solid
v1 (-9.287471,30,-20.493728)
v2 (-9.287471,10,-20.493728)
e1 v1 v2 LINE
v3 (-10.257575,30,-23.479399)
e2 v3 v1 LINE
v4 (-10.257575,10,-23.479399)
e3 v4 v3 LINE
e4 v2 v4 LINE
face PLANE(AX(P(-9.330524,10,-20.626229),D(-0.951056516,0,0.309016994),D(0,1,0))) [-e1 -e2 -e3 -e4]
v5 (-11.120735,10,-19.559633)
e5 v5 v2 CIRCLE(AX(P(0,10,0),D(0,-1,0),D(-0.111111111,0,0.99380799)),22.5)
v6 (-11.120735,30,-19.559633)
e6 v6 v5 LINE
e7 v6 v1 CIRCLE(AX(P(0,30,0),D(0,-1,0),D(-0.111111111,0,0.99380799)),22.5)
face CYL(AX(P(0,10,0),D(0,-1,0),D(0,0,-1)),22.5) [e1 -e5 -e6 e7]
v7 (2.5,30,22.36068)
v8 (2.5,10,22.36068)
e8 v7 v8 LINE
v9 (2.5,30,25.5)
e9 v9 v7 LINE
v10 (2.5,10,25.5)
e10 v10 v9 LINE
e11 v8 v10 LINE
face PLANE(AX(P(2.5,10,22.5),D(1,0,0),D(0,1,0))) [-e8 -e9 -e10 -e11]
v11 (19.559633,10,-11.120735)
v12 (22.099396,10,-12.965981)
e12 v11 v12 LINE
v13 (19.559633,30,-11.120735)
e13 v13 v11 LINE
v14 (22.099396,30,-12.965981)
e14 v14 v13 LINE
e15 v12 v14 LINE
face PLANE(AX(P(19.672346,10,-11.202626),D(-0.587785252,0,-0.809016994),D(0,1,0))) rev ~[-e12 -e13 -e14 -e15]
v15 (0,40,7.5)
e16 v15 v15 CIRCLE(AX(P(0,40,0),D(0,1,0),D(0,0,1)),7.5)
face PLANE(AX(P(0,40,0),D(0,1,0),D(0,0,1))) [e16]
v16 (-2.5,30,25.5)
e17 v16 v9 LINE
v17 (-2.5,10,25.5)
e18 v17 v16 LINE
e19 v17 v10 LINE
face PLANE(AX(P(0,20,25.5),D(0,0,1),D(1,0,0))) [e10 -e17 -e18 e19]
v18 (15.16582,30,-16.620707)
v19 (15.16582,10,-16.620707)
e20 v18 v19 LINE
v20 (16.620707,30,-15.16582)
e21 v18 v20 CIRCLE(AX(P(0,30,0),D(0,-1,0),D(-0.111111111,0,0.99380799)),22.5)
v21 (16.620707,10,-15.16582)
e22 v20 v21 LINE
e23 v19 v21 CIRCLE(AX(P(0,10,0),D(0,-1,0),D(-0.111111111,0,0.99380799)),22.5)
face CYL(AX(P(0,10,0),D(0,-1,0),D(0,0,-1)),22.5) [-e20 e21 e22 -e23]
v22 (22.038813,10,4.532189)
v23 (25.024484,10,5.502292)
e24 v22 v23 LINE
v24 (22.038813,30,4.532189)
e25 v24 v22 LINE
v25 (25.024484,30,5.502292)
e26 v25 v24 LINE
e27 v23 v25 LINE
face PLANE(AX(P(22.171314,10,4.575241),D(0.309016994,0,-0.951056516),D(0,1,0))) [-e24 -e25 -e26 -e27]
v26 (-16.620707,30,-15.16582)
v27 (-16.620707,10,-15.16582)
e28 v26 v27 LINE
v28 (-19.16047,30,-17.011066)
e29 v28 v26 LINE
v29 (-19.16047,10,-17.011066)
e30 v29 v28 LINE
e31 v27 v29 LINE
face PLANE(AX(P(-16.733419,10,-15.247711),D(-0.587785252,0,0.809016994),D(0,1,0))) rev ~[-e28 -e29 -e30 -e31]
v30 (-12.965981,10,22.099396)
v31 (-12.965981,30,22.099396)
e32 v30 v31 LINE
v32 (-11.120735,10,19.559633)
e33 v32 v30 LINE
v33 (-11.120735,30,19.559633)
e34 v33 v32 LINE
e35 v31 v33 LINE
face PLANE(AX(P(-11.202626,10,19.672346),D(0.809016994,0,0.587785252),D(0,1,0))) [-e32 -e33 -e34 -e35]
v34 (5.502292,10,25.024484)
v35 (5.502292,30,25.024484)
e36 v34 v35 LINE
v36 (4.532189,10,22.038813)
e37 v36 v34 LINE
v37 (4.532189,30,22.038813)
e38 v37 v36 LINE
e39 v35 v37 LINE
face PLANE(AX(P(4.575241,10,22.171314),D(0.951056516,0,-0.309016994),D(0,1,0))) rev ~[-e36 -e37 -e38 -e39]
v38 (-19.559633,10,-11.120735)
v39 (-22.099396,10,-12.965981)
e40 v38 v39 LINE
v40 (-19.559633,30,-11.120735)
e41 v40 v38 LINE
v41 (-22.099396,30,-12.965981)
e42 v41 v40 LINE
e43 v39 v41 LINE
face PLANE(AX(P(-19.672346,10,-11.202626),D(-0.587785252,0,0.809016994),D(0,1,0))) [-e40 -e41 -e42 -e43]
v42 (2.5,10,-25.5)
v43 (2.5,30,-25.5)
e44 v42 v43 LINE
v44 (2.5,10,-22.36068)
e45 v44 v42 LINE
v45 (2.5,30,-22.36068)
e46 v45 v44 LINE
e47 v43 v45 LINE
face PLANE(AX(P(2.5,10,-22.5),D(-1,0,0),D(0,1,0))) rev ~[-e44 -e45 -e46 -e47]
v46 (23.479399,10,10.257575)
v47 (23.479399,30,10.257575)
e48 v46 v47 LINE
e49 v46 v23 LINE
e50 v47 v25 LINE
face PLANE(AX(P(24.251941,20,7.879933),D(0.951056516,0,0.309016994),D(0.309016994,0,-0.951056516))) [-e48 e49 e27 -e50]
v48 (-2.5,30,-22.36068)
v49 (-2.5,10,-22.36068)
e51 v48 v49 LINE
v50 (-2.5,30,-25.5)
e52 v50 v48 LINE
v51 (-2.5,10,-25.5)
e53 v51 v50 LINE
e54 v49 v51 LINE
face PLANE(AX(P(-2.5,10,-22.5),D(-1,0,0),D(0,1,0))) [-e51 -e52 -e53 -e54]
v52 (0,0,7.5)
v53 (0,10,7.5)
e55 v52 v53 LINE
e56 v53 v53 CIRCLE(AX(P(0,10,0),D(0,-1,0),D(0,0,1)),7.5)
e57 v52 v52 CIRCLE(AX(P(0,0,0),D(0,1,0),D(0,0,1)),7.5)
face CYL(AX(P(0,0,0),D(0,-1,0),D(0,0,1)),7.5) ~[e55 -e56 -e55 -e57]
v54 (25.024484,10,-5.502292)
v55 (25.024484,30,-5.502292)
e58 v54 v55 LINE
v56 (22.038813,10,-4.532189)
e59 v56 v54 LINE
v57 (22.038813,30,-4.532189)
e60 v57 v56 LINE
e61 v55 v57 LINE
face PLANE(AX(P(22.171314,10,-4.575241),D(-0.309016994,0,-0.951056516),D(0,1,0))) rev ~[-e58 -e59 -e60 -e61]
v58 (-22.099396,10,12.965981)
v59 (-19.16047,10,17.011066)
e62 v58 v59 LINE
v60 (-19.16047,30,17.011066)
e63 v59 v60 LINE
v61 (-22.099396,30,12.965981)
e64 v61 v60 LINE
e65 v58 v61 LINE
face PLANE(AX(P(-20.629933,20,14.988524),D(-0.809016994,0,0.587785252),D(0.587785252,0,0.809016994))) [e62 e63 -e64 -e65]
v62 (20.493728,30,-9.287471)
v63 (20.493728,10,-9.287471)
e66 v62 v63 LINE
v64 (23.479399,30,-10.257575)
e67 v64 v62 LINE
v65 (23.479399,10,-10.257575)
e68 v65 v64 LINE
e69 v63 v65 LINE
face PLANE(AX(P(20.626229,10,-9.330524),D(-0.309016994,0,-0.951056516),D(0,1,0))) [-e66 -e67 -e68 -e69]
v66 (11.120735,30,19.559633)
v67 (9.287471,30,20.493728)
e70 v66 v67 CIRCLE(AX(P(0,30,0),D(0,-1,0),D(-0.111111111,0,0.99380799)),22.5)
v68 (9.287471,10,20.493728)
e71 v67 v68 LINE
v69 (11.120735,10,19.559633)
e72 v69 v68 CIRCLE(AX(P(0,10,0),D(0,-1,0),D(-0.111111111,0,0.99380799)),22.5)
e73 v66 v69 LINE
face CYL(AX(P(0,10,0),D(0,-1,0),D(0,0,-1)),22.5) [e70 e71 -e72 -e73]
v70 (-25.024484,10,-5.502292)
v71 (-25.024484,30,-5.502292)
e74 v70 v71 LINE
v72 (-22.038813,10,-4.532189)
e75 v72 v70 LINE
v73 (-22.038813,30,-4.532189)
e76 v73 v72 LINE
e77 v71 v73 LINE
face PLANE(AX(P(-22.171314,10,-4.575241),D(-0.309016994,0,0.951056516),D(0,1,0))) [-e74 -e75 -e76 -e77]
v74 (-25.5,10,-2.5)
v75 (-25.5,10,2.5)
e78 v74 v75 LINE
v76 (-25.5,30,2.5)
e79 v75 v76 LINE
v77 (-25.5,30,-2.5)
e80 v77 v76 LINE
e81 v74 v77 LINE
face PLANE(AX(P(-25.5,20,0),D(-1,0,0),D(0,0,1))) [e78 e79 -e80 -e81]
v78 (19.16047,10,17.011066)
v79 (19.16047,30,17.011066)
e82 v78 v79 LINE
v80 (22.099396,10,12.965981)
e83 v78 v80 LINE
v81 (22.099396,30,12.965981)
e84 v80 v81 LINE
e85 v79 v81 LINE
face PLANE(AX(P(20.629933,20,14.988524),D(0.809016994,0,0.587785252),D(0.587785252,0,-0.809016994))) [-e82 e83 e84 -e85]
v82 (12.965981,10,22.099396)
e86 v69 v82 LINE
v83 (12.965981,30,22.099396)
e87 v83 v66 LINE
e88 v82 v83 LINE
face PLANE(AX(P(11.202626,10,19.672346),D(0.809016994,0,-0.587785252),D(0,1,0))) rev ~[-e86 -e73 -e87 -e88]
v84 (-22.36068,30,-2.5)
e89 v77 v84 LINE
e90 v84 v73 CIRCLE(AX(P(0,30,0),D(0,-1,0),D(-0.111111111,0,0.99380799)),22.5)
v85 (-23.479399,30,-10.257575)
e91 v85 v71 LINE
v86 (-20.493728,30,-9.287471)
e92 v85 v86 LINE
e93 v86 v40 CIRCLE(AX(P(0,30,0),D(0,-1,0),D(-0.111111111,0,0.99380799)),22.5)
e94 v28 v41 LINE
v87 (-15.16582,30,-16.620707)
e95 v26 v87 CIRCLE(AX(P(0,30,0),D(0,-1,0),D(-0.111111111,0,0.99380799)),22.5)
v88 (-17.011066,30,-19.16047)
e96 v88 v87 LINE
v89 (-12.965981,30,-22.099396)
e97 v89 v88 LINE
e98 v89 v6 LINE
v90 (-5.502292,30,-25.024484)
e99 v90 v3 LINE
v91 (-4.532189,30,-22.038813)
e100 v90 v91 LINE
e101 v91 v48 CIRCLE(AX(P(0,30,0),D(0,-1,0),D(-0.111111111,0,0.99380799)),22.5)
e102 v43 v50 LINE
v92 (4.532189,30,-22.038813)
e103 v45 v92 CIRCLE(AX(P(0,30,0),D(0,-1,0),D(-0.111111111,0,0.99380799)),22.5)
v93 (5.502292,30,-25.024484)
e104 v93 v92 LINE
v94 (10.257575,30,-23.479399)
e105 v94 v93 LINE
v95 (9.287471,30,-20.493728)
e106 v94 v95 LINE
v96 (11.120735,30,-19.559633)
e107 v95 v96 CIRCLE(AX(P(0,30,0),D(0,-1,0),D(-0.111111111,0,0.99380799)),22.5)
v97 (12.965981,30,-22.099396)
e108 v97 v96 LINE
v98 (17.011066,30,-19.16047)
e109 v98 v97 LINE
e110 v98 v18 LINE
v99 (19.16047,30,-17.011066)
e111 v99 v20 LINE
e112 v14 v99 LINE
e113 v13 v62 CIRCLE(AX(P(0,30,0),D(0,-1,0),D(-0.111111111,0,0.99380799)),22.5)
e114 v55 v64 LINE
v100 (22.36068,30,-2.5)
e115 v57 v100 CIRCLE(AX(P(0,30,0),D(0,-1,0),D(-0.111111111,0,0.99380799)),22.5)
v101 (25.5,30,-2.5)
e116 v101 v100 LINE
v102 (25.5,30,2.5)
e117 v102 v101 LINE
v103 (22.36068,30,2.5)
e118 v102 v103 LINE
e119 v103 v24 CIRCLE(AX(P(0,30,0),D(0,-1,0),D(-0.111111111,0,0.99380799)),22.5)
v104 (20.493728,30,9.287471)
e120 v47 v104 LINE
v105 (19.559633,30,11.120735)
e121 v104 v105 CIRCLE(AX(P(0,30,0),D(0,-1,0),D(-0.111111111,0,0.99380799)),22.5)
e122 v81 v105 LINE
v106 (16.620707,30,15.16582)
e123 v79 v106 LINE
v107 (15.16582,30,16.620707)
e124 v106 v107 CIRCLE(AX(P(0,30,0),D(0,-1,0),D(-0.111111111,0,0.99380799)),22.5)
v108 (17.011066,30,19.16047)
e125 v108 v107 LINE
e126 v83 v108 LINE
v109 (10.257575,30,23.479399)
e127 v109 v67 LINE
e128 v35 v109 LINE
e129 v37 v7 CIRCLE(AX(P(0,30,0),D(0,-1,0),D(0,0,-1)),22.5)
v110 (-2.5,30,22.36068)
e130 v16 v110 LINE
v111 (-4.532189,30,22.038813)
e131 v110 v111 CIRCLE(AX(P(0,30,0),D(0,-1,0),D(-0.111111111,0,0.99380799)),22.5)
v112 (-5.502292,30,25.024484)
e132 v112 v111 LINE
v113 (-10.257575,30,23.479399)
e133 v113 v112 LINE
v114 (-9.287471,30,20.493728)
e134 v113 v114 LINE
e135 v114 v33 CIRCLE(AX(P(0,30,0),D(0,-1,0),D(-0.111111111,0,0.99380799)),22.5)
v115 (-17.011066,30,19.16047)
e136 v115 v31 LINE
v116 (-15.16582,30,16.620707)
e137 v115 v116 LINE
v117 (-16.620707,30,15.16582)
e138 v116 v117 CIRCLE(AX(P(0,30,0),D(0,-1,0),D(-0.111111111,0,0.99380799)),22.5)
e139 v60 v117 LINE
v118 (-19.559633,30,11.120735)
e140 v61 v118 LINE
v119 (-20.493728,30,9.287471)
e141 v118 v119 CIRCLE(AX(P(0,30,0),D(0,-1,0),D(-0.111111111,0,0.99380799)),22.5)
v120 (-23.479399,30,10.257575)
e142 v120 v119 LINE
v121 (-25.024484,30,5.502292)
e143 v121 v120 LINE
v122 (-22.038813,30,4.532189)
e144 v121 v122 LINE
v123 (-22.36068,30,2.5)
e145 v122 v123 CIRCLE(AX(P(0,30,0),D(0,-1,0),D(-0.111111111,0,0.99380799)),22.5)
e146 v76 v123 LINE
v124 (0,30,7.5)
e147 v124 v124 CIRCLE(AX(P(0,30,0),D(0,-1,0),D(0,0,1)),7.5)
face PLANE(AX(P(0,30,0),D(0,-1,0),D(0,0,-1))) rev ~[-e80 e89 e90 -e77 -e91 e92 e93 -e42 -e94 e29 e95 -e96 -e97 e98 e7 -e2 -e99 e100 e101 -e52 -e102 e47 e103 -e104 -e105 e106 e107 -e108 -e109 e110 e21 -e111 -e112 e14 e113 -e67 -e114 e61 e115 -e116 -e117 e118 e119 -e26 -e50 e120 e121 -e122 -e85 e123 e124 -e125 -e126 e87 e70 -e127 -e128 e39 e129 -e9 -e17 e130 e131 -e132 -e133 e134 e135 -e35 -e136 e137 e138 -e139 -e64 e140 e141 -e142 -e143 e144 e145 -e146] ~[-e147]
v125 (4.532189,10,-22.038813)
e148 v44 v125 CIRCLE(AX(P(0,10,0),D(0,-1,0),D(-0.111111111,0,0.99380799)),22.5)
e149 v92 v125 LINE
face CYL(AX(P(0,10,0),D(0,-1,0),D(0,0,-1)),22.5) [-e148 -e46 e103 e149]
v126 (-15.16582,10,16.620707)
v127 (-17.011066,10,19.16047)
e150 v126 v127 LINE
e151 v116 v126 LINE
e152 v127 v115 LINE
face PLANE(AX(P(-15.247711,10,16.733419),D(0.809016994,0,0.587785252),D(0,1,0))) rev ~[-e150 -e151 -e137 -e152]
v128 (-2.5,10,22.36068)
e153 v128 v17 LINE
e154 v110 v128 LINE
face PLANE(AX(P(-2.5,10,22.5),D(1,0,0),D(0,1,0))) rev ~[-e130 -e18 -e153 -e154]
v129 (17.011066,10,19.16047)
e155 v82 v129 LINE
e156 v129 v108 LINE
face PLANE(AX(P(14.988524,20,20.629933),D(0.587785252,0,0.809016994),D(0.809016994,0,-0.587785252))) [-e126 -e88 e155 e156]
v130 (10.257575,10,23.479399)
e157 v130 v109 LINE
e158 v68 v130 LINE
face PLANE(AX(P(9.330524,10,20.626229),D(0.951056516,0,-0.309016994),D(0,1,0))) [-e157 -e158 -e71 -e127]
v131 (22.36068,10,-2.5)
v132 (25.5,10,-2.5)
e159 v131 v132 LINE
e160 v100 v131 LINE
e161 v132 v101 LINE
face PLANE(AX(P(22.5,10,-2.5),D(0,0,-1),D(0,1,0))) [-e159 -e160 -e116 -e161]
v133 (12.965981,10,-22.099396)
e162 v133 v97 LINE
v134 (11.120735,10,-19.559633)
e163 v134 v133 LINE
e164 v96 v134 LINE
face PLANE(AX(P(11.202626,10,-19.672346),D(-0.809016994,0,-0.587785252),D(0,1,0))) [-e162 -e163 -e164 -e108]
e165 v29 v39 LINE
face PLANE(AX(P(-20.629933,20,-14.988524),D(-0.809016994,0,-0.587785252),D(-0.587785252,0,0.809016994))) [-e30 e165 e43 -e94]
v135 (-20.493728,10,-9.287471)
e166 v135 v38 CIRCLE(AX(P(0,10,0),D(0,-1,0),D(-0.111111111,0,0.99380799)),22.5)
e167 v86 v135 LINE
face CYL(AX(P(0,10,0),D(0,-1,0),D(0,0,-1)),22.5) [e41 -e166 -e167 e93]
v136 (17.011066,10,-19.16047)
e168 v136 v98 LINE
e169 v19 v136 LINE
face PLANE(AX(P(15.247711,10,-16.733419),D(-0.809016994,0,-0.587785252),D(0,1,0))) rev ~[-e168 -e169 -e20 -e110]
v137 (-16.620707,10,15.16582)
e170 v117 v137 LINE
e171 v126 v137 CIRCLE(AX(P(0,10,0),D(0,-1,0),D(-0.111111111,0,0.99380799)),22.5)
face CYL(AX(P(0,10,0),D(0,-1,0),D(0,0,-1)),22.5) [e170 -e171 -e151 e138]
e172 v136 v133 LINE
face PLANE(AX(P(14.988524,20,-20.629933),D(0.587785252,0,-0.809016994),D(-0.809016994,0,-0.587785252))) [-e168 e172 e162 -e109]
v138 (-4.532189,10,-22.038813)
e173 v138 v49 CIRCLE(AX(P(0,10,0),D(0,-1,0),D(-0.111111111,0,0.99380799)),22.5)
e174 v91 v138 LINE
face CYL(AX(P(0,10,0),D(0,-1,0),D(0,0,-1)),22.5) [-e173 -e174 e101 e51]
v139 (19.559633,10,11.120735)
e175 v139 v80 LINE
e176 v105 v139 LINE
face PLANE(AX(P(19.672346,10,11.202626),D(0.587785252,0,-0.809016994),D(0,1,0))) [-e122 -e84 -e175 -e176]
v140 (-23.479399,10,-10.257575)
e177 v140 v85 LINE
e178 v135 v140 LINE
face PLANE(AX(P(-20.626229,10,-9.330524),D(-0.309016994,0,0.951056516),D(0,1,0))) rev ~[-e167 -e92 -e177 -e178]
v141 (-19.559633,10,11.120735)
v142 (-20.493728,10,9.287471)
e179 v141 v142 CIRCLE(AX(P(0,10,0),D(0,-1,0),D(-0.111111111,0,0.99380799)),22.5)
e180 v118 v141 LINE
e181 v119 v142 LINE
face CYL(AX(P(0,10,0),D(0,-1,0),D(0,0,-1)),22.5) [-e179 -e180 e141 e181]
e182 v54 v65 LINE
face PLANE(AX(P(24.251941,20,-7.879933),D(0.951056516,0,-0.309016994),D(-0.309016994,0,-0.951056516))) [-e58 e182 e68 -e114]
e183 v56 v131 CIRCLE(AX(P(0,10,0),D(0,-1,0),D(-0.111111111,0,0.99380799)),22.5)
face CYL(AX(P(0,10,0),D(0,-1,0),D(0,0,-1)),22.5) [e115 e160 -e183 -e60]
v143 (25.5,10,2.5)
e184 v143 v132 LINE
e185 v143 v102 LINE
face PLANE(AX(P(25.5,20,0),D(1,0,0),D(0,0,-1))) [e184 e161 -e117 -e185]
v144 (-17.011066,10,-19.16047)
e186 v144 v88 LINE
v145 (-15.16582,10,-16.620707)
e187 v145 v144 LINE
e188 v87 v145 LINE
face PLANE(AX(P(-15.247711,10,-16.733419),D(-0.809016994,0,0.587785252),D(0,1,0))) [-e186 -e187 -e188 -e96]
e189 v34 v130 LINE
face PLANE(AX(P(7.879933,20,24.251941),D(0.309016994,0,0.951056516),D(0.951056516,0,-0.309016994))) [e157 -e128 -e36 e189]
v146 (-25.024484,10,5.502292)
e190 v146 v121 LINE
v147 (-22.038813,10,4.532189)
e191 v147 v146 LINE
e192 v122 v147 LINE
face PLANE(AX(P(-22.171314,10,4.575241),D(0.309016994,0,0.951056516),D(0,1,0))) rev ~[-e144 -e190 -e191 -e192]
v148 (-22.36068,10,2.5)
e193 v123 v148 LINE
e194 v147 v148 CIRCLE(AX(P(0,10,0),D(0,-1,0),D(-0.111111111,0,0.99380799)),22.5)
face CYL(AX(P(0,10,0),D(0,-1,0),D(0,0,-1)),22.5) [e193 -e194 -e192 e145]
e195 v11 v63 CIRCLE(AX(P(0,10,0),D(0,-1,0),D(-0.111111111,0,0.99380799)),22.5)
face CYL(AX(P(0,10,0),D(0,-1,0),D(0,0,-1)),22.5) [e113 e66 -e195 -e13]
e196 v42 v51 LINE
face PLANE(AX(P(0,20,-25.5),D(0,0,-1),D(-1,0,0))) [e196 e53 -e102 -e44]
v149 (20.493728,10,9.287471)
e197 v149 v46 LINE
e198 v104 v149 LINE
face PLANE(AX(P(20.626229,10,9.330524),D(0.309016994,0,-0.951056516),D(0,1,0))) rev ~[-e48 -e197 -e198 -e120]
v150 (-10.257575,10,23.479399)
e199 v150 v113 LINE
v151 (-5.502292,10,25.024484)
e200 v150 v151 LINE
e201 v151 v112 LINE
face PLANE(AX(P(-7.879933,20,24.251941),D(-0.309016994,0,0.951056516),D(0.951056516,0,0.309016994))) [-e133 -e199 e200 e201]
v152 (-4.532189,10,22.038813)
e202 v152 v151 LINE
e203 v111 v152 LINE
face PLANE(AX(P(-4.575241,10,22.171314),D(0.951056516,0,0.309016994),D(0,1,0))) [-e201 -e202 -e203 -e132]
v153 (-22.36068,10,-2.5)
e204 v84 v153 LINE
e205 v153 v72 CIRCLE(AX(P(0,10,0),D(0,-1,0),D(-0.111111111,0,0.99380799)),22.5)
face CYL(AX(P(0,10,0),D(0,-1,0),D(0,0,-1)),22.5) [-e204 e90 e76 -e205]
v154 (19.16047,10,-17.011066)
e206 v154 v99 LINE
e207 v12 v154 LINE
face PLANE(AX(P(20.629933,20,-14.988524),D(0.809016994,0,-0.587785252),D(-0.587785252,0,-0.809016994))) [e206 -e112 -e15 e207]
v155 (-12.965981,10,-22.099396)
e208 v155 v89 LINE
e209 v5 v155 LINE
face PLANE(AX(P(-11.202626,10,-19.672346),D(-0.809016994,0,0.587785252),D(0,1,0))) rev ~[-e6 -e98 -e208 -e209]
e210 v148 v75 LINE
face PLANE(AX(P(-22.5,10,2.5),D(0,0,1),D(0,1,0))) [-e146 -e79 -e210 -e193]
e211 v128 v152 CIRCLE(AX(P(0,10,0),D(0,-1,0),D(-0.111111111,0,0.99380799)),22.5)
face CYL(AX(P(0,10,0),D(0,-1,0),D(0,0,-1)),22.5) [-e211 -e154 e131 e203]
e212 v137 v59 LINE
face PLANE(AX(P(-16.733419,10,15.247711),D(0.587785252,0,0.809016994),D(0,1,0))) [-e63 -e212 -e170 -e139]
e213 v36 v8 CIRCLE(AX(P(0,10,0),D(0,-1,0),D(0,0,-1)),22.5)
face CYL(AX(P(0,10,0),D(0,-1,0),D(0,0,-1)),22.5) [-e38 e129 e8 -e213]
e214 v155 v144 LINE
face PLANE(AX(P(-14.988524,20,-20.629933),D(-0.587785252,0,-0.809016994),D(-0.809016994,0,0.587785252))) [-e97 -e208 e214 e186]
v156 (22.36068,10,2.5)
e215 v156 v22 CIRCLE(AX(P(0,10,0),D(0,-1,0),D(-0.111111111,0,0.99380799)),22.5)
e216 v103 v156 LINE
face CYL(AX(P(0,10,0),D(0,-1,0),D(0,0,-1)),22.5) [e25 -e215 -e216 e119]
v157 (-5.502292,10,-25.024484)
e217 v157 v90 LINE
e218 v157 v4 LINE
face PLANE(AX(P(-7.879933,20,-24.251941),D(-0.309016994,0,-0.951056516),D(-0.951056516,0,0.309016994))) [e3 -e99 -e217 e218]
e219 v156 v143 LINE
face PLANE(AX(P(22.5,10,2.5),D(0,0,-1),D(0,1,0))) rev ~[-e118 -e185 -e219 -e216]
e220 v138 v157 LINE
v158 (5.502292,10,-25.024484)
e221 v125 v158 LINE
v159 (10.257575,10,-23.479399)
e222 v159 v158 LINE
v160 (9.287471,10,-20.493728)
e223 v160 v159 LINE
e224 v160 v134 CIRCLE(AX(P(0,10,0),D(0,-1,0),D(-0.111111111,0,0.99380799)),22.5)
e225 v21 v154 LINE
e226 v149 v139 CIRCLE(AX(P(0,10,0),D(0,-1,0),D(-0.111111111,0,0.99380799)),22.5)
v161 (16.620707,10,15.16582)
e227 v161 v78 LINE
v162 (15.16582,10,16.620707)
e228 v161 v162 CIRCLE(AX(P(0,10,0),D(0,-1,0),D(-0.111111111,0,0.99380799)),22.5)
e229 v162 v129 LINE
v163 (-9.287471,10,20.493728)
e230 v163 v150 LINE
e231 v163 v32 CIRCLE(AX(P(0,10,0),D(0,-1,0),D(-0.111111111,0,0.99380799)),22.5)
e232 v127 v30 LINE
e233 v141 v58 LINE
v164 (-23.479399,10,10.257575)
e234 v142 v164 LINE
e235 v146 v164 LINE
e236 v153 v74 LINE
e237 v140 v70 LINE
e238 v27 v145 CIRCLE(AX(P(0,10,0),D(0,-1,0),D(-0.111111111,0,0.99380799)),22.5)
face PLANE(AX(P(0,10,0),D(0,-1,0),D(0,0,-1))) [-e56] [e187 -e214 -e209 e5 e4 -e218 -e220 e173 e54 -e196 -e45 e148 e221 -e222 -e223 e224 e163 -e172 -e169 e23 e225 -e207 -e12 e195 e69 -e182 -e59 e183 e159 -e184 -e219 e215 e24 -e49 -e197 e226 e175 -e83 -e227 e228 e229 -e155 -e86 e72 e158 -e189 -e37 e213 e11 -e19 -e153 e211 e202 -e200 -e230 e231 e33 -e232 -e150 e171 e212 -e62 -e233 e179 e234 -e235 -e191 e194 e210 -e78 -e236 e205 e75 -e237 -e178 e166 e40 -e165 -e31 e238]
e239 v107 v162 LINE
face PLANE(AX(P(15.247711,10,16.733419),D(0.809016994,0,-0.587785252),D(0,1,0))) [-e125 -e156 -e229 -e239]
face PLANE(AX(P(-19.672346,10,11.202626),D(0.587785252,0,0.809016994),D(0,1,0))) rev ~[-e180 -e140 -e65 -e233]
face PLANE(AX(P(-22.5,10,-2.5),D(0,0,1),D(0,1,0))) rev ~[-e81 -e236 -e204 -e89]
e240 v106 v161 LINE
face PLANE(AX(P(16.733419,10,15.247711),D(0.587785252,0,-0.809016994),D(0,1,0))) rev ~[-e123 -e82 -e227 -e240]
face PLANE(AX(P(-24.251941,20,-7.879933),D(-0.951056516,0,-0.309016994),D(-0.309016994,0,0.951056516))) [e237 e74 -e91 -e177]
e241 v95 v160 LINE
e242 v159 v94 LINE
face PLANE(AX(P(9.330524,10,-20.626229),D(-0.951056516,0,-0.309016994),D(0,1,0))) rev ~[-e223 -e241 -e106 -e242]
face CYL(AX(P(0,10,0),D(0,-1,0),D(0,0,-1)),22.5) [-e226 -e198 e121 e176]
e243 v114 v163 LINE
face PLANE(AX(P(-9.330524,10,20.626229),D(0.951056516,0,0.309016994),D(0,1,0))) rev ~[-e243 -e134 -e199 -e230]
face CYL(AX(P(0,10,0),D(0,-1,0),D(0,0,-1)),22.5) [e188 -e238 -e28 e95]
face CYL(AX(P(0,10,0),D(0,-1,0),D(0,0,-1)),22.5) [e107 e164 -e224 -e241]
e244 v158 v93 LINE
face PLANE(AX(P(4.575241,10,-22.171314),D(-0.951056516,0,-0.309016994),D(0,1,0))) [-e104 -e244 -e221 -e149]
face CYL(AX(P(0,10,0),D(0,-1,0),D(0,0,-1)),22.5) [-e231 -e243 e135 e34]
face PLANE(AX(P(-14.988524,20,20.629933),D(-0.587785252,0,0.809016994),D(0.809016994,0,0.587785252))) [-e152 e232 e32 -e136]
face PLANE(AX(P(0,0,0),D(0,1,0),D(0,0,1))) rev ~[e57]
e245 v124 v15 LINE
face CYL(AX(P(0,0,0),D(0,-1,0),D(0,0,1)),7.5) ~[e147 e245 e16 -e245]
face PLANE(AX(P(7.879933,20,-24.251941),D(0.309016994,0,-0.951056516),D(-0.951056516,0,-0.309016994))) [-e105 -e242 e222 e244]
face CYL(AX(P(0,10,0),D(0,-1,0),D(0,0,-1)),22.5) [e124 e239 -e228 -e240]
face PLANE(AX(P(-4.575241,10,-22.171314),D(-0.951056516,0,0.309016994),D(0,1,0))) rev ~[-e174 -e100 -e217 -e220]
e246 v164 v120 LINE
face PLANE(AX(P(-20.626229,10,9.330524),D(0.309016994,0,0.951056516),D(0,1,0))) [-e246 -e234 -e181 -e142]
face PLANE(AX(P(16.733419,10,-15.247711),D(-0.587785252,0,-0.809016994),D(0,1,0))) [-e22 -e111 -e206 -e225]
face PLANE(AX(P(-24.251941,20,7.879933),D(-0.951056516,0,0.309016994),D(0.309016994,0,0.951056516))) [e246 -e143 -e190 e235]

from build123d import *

# Parameters (mm, degrees)
ESQUISSE1_R                  = 7.5
BOSS_EXTRU_1_DEPTH           = 40
ESQUISSE2_R                  = 22.5
BOSS_EXTRU_2_DEPTH           = 20
ESQUISSE3_W                  = 5
ESQUISSE3_H                  = 20
BOSS_EXTRU_3_DEPTH           = 3
R_P_TITION_CIRCULAIRE4_COUNT = 20


with BuildPart() as part:
    # Esquisse1 → Boss.-Extru.1 (new body)
    with BuildSketch(Plane(origin=(0, 0, 0), x_dir=(1, 0, 0), z_dir=(0, 1, 0))):
        with Locations(Location((0, 0, 0), (0, 0, 270))):
            Circle(ESQUISSE1_R)
    extrude(amount=BOSS_EXTRU_1_DEPTH)

    # Esquisse2 → Boss.-Extru.2 (add)
    with BuildSketch(Plane(origin=(0, 10, 0), x_dir=(-1, 0, 0), z_dir=(0, -1, 0))):
        with Locations(Location((0, 0, 0), (0, 0, 90))):
            Circle(ESQUISSE2_R)
    extrude(amount=-BOSS_EXTRU_2_DEPTH)

    # Esquisse3 → Boss.-Extru.3 (add, symmetric)
    with BuildSketch(Plane.XY.offset(22.5)):
        with Locations((0, 20)):
            Rectangle(ESQUISSE3_W, ESQUISSE3_H)
    boss_extru_3 = extrude(amount=BOSS_EXTRU_3_DEPTH, both=True)

    # Répétition circulaire4: Boss.-Extru.3 ×20 about axis
    r_p_tition_circulaire4_axis = Axis((0, 0, 0), (0, 1, 0))
    for i in range(1, R_P_TITION_CIRCULAIRE4_COUNT):
        add(boss_extru_3.rotate(r_p_tition_circulaire4_axis, i * 360 / R_P_TITION_CIRCULAIRE4_COUNT))


solid = part.part
